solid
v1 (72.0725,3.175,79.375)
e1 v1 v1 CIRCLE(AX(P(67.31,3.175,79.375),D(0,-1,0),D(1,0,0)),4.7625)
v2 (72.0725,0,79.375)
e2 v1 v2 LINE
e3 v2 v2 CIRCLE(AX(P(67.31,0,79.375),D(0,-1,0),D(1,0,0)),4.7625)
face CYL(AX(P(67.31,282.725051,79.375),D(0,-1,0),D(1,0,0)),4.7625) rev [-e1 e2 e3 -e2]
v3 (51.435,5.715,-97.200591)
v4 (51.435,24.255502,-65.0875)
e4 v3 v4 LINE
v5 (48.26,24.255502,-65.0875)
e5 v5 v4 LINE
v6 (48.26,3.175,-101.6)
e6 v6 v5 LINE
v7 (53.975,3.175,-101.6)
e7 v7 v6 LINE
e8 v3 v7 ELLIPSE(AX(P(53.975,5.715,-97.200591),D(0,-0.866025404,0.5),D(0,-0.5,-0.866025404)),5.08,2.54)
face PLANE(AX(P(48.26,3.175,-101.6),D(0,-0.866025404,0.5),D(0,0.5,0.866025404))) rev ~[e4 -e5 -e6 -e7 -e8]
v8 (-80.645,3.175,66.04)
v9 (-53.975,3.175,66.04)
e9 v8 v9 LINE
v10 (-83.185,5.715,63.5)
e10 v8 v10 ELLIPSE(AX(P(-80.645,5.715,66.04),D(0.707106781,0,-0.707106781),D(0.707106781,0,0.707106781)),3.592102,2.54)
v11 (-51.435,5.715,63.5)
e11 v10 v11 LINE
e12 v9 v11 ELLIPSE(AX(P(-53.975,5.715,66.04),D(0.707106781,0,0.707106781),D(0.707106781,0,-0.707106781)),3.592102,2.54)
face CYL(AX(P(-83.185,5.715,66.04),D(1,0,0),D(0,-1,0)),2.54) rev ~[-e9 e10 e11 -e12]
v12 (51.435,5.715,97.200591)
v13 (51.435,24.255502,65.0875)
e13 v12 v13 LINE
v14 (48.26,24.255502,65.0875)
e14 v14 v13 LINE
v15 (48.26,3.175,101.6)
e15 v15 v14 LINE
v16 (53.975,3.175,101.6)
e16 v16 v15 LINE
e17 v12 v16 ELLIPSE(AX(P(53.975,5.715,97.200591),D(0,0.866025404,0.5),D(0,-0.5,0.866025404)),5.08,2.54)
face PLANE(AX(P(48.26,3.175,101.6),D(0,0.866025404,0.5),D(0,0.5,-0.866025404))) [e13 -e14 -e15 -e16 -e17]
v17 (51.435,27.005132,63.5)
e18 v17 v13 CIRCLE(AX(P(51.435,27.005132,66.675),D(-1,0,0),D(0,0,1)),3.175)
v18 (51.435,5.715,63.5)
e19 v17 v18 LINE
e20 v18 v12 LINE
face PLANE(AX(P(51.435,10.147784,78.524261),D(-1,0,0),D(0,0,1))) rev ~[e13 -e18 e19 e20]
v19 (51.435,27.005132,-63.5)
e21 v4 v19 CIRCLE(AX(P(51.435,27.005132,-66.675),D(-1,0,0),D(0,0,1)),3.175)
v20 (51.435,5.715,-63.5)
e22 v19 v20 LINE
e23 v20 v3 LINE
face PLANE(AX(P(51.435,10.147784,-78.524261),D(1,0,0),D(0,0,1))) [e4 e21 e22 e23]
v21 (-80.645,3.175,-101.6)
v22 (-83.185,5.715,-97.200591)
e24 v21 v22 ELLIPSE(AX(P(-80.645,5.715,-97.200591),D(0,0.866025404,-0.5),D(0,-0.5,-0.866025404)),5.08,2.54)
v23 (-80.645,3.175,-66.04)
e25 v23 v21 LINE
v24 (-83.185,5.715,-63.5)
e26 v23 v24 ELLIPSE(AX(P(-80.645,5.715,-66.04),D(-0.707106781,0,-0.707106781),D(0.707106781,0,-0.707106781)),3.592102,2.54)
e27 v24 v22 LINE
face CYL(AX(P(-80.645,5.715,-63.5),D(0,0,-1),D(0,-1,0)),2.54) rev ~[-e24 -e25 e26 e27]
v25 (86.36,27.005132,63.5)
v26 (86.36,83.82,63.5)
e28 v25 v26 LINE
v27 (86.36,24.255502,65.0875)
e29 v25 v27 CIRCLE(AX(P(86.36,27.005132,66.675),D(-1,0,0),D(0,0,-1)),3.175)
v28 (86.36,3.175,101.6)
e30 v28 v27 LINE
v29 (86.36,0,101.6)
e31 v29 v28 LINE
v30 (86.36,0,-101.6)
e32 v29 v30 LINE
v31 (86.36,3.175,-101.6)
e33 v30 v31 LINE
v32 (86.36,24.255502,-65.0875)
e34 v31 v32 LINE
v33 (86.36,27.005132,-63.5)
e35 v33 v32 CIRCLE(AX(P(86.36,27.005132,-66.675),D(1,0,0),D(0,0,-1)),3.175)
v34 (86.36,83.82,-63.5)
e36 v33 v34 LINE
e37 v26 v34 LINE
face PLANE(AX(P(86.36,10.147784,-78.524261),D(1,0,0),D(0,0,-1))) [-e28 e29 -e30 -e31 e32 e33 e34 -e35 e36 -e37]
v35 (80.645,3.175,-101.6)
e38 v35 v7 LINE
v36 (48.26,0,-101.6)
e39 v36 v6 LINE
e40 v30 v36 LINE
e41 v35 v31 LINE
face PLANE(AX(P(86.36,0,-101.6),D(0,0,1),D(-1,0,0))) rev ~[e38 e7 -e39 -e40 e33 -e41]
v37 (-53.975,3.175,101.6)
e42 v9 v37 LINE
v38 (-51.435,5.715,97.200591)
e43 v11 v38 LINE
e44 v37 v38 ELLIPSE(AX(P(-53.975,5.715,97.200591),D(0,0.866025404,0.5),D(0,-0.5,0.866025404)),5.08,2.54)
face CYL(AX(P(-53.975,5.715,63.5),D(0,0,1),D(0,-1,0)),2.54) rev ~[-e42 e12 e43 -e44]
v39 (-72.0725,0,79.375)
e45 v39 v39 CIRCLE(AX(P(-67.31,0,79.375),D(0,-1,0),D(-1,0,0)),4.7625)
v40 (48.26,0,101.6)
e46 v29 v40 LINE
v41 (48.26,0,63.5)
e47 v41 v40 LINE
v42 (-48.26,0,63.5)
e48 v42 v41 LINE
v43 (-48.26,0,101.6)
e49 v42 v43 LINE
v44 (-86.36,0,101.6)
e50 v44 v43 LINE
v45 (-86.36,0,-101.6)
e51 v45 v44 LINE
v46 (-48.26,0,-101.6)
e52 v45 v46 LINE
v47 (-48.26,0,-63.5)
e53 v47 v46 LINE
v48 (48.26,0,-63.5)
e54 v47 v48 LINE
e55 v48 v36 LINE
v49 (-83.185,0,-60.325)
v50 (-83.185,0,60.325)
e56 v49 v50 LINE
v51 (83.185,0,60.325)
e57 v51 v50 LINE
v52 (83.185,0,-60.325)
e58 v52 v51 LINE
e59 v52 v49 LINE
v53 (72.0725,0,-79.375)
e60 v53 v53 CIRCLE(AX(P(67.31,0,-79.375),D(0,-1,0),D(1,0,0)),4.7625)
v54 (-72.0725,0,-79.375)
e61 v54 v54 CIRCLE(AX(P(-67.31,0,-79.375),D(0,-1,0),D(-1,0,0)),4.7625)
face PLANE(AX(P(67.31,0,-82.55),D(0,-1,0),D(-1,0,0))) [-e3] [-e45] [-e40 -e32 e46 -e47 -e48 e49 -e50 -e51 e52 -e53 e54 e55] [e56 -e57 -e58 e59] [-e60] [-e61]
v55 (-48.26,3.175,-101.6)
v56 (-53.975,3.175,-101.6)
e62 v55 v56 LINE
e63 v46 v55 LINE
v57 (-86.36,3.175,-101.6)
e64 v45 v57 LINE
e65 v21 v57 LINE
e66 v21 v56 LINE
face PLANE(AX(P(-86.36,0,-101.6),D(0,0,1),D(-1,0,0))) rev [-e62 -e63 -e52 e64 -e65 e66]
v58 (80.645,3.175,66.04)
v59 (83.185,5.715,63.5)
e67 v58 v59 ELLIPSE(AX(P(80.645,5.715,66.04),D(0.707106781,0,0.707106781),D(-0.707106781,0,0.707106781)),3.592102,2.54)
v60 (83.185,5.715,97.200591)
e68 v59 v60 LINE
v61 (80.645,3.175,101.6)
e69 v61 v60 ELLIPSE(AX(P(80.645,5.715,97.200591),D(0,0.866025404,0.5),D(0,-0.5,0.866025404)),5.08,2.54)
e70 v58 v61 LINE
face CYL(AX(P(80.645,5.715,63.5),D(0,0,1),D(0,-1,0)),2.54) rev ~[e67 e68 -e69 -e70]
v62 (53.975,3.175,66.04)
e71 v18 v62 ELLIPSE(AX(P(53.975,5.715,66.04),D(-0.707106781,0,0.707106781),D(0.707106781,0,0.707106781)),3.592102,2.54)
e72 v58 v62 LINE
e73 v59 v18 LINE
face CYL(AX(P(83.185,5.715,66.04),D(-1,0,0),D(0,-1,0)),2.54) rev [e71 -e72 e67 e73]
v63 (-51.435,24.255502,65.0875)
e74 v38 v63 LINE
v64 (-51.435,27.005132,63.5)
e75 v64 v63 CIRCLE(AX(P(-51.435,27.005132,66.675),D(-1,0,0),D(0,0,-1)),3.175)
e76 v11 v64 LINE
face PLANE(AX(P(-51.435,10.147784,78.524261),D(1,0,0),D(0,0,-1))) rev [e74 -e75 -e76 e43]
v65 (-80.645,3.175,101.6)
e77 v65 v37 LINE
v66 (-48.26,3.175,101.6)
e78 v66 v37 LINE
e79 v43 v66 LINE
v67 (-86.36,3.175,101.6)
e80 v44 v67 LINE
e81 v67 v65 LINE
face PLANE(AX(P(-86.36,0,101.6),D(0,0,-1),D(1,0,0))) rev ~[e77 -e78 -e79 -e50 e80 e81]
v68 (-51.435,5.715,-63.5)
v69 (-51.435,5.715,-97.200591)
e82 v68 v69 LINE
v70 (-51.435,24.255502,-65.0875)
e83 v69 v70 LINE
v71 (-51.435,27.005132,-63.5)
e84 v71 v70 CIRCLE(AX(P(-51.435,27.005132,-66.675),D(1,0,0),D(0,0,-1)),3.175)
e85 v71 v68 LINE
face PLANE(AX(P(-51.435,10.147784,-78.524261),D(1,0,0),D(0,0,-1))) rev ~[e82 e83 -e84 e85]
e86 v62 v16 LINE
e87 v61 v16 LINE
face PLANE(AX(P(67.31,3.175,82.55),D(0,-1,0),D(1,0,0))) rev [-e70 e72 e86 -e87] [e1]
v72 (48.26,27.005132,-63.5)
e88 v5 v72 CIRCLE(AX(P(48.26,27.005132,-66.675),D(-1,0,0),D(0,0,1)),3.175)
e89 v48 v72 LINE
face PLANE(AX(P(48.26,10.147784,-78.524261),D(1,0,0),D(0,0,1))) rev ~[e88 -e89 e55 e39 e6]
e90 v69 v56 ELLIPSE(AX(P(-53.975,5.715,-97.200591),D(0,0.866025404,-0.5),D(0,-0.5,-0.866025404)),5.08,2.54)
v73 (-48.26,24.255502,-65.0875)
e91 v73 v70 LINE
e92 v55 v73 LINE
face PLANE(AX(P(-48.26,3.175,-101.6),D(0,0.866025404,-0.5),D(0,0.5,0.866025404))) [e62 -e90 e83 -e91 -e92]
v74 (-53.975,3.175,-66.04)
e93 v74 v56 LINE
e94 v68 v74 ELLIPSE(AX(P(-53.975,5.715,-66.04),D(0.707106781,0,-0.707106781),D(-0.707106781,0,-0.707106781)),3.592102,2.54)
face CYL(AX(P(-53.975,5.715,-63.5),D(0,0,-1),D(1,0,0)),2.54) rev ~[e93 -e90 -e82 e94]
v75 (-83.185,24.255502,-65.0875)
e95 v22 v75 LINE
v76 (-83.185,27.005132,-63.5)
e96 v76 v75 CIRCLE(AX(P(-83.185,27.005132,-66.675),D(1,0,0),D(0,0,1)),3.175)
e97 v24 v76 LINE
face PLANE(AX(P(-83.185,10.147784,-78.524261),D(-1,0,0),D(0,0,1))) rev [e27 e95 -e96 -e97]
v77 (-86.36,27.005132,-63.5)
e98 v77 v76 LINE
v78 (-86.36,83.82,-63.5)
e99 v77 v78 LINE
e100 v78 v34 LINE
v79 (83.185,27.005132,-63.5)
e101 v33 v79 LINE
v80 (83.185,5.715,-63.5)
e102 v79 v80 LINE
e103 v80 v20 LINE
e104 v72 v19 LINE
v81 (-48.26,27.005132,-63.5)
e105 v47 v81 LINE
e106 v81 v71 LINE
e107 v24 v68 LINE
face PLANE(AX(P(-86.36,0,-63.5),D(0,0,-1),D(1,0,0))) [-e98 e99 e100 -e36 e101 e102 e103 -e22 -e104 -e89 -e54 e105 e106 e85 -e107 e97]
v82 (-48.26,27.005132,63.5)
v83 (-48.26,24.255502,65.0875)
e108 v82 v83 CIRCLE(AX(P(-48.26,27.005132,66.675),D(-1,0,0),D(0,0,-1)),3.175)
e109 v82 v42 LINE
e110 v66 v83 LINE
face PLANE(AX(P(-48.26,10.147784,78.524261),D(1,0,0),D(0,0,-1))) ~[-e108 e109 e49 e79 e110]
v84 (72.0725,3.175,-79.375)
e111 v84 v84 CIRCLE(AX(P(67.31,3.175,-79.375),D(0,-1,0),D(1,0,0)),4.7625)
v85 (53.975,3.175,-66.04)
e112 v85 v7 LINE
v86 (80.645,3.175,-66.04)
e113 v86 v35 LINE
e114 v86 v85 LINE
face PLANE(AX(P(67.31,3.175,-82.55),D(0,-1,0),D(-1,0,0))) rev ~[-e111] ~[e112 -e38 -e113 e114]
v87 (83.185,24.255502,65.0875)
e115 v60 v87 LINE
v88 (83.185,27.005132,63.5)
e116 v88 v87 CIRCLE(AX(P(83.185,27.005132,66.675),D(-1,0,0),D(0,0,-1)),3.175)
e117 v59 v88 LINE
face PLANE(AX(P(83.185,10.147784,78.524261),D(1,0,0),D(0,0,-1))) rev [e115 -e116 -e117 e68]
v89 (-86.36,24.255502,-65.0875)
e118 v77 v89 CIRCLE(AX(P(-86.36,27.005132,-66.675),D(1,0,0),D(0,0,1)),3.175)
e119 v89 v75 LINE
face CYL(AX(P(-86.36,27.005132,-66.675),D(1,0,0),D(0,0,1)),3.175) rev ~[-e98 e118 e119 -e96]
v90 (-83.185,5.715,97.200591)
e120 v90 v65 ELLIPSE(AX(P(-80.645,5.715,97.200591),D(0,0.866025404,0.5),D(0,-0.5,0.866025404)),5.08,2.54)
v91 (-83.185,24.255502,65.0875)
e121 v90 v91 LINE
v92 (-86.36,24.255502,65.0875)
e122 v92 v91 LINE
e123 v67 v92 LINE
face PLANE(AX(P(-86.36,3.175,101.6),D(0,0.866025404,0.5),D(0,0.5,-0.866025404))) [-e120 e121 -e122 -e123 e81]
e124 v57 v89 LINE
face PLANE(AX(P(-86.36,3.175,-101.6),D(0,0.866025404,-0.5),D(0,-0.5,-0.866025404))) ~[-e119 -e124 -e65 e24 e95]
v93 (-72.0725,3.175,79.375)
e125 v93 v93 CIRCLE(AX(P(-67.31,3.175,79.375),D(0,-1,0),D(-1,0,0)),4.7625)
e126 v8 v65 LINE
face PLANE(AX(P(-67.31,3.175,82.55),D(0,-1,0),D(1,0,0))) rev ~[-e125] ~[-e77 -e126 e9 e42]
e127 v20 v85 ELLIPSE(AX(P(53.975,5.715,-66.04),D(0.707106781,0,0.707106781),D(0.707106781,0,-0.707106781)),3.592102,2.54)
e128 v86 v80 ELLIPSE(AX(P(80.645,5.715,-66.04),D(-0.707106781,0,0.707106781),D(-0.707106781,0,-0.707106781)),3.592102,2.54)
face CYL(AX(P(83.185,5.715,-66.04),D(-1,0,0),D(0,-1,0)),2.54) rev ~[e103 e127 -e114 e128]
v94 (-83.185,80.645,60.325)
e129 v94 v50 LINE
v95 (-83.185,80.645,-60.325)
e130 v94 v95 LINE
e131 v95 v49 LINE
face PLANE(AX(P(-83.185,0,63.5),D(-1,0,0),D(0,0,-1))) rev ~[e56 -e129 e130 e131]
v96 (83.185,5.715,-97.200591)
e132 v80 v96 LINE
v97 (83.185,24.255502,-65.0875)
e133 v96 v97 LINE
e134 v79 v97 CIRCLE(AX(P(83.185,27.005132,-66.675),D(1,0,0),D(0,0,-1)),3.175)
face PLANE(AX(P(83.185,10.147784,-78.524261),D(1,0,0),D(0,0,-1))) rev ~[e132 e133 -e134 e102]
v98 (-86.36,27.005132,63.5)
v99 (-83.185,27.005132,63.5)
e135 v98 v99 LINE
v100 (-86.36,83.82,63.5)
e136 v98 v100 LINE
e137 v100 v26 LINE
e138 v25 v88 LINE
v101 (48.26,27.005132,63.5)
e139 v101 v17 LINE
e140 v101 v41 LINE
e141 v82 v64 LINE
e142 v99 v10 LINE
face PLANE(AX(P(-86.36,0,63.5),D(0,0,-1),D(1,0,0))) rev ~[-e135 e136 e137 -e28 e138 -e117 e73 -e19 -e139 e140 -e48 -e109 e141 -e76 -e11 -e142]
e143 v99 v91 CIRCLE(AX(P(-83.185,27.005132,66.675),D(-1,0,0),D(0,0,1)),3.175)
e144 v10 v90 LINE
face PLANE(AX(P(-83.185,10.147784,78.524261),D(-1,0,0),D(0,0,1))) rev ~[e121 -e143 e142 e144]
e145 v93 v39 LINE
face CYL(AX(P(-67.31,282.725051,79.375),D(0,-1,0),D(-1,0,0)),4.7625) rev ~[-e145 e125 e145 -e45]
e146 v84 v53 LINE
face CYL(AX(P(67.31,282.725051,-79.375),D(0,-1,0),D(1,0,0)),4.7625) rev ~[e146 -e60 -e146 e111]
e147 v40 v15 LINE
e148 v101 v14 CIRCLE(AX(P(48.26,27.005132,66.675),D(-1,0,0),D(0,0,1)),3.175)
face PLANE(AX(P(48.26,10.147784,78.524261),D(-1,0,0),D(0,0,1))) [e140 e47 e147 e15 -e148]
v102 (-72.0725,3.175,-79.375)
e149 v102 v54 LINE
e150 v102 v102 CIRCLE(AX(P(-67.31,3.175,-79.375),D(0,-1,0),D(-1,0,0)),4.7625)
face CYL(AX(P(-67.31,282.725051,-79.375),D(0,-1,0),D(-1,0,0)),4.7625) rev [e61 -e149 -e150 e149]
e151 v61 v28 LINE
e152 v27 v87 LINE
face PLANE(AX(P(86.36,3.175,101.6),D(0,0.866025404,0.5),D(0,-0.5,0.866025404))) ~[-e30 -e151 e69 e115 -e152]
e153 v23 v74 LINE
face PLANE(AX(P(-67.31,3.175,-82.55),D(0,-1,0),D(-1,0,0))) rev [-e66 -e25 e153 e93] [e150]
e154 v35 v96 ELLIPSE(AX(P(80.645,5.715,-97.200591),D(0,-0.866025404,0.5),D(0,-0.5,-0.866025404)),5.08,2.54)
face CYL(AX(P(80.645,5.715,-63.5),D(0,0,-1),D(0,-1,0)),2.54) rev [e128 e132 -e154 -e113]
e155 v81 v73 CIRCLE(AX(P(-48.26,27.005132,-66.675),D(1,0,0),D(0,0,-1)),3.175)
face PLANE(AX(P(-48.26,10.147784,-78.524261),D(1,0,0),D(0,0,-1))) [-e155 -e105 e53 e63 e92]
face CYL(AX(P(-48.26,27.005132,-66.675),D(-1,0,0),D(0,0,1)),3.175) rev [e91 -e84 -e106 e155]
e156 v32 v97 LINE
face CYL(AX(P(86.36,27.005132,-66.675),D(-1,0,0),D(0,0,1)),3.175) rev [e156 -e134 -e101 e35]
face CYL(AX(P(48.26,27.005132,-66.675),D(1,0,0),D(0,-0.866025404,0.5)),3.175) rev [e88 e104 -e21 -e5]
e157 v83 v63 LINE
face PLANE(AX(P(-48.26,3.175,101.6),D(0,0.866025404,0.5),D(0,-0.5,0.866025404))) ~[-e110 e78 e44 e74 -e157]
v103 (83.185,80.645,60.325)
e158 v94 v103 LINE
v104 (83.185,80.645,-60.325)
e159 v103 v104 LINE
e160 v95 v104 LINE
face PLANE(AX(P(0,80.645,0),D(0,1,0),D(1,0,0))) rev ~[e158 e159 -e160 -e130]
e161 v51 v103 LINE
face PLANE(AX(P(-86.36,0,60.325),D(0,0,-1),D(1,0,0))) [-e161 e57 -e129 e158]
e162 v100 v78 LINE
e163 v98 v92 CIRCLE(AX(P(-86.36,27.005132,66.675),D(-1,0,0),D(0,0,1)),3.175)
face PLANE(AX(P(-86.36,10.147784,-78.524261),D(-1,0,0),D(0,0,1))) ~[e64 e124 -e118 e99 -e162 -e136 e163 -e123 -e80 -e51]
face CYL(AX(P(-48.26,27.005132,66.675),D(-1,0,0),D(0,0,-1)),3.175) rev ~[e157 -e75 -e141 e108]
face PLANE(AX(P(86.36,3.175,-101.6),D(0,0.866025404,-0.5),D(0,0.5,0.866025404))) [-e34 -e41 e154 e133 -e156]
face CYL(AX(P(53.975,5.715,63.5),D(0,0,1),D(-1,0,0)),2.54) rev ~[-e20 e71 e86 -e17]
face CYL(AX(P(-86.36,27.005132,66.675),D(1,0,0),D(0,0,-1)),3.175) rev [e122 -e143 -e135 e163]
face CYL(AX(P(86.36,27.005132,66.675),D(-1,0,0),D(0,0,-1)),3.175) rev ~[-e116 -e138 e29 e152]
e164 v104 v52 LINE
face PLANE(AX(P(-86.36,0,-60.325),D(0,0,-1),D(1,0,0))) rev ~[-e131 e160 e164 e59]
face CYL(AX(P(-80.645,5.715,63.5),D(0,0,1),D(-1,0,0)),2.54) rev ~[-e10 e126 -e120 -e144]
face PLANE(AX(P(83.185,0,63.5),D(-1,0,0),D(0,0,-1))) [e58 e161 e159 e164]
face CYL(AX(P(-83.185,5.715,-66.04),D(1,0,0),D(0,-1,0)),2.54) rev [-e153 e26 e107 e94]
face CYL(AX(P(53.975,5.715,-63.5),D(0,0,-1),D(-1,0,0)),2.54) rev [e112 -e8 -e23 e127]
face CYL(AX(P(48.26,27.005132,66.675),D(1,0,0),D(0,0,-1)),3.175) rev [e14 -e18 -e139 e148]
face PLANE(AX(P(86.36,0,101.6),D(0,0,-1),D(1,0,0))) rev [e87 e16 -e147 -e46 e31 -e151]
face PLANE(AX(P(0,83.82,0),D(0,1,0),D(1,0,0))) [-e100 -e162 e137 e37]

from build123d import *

# Parameters (mm, degrees)
SKETCH1_W                    = 172.72
SKETCH1_H                    = 127
BOSS_EXTRUDE1_DEPTH          = 83.82
SHELL1_T                     = -3.175
SKETCH6_W                    = 38.1
SKETCH6_H                    = 38.1
BOSS_EXTRUDE4_DEPTH          = 3.175
BOSS_EXTRUDE5_DEPTH          = 3.175
MIRROR5_COPY_1_DEPTH         = 3.175
MIRROR6_COPY_1_DEPTH         = 3.175
MIRROR6_COPY_2_SKETCH_W      = 38.1
MIRROR6_COPY_2_SKETCH_H      = 38.1
MIRROR6_COPY_2_DEPTH         = 3.175
MIRROR6_COPY_3_DEPTH         = 3.175
MIRROR6_COPY_4_DEPTH         = 3.175
FILLET3_R                    = 2.54
F_3_8_0_375_DIAMETER_HOLE1_D = 9.525
MIRROR8_COPY_1_D             = 9.525
FILLET4_R                    = 3.175


with BuildPart() as part:
    # Sketch1 → Boss-Extrude1 (new body)
    with BuildSketch(Plane(origin=(0, 0, 0), x_dir=(1, 0, 0), z_dir=(0, 1, 0))):
        Rectangle(SKETCH1_W, SKETCH1_H)
    extrude(amount=BOSS_EXTRUDE1_DEPTH)

    # Shell1
    shell1_openings = [part.faces().sort_by_distance(p)[0] for p in [
        (0, 0, 0),
    ]]
    offset(amount=SHELL1_T, openings=shell1_openings, kind=Kind.INTERSECTION)

    # Sketch6 → Boss-Extrude4 (add)
    with BuildSketch(Plane.XZ):
        with Locations((-67.31, 82.55)):
            Rectangle(SKETCH6_W, SKETCH6_H)
    boss_extrude4 = extrude(amount=-BOSS_EXTRUDE4_DEPTH)

    # Sketch7 → Boss-Extrude5 (add)
    with BuildSketch(Plane.ZY.offset(86.36)):
        Polygon((101.6, 3.175), (63.5, 25.172045256), (63.5, 3.175), align=None)
    boss_extrude5 = extrude(amount=-BOSS_EXTRUDE5_DEPTH)

    # Mirror4: Boss-Extrude5 across plane
    add(boss_extrude5.mirror(Plane.ZY.offset(67.31)))

    # Mirror5: Boss-Extrude4, Boss-Extrude5 across plane
    add(boss_extrude4.mirror(Plane.XY))
    add(boss_extrude5.mirror(Plane.XY))

    # Mirror5 copy 1 sketch → Mirror5 copy 1 (add)
    with BuildSketch(Plane(origin=(-48.26, 0, 0), x_dir=(0, 0, -1), z_dir=(1, 0, 0))):
        Polygon((101.6, 3.175), (63.5, 25.172045256), (63.5, 3.175), align=None)
    extrude(amount=-MIRROR5_COPY_1_DEPTH)

    # Mirror6: Boss-Extrude4, Boss-Extrude5 across plane
    add(boss_extrude4.mirror(Plane(origin=(0, 0, 0), x_dir=(0, 0, 1), z_dir=(1, 0, 0))))
    add(boss_extrude5.mirror(Plane(origin=(0, 0, 0), x_dir=(0, 0, 1), z_dir=(1, 0, 0))))

    # Mirror6 copy 1 sketch → Mirror6 copy 1 (add)
    with BuildSketch(Plane.ZY.offset(-48.26)):
        Polygon((101.6, 3.175), (63.5, 25.172045256), (63.5, 3.175), align=None)
    extrude(amount=-MIRROR6_COPY_1_DEPTH)

    # Mirror6 copy 2 sketch → Mirror6 copy 2 (add)
    with BuildSketch(Plane(origin=(0, 0, 0), x_dir=(-1, 0, 0), z_dir=(0, -1, 0))):
        with Locations((-67.31, 82.55)):
            Rectangle(MIRROR6_COPY_2_SKETCH_W, MIRROR6_COPY_2_SKETCH_H)
    extrude(amount=-MIRROR6_COPY_2_DEPTH)

    # Mirror6 copy 3 sketch → Mirror6 copy 3 (add)
    with BuildSketch(Plane(origin=(86.36, 0, 0), x_dir=(0, 0, -1), z_dir=(1, 0, 0))):
        Polygon((101.6, 3.175), (63.5, 25.172045256), (63.5, 3.175), align=None)
    extrude(amount=-MIRROR6_COPY_3_DEPTH)

    # Mirror6 copy 4 sketch → Mirror6 copy 4 (add)
    with BuildSketch(Plane(origin=(48.26, 0, 0), x_dir=(0, 0, -1), z_dir=(-1, 0, 0))):
        Polygon((101.6, -3.175), (63.5, -25.172045256), (63.5, -3.175), align=None)
    extrude(amount=-MIRROR6_COPY_4_DEPTH)

    # Fillet3
    fillet3_edges = [part.edges().sort_by_distance(p)[0] for p in [
        (51.435, 3.175, -82.55),
        (67.31, 3.175, -63.5),
        (83.185, 3.175, -82.55),
        (51.435, 3.175, 82.55),
        (67.31, 3.175, 63.5),
        (83.185, 3.175, 82.55),
        (-67.31, 3.175, 63.5),
        (-83.185, 3.175, 82.55),
        (-51.435, 3.175, 82.55),
        (-51.435, 3.175, -82.55),
        (-67.31, 3.175, -63.5),
        (-83.185, 3.175, -82.55),
    ]]
    fillet(fillet3_edges, radius=FILLET3_R)

    # 3/8 (0.375) Diameter Hole1 (through all)
    with Locations(Plane(origin=(0, 3.175, 0), x_dir=(1, 0, 0), z_dir=(0, 1, 0))):
        with Locations((-67.31, -79.375)):
            f_3_8_0_375_diameter_hole1 = Hole(F_3_8_0_375_DIAMETER_HOLE1_D / 2)

    # Mirror7: 3/8 (0.375) Diameter Hole1 across plane
    add(f_3_8_0_375_diameter_hole1.mirror(Plane.XY), mode=Mode.SUBTRACT)

    # Mirror8: 3/8 (0.375) Diameter Hole1 across plane
    add(f_3_8_0_375_diameter_hole1.mirror(Plane(origin=(0, 0, 0), x_dir=(0, 0, 1), z_dir=(1, 0, 0))), mode=Mode.SUBTRACT)

    # Mirror8 copy 1 (through all)
    with Locations(Plane(origin=(0, 3.175, 0), x_dir=(-1, 0, 0), z_dir=(0, 1, 0))):
        with Locations((-67.31, -79.375)):
            Hole(MIRROR8_COPY_1_D / 2)

    # Fillet4
    fillet4_edges = [part.edges().sort_by_distance(p)[0] for p in [
        (49.8475, 25.172045256, -63.5),
        (84.7725, 25.172045256, -63.5),
        (49.8475, 25.172045256, 63.5),
        (84.7725, 25.172045256, 63.5),
        (-84.7725, 25.172045256, 63.5),
        (-49.8475, 25.172045256, 63.5),
        (-49.8475, 25.172045256, -63.5),
        (-84.7725, 25.172045256, -63.5),
    ]]
    fillet(fillet4_edges, radius=FILLET4_R)


solid = part.part
